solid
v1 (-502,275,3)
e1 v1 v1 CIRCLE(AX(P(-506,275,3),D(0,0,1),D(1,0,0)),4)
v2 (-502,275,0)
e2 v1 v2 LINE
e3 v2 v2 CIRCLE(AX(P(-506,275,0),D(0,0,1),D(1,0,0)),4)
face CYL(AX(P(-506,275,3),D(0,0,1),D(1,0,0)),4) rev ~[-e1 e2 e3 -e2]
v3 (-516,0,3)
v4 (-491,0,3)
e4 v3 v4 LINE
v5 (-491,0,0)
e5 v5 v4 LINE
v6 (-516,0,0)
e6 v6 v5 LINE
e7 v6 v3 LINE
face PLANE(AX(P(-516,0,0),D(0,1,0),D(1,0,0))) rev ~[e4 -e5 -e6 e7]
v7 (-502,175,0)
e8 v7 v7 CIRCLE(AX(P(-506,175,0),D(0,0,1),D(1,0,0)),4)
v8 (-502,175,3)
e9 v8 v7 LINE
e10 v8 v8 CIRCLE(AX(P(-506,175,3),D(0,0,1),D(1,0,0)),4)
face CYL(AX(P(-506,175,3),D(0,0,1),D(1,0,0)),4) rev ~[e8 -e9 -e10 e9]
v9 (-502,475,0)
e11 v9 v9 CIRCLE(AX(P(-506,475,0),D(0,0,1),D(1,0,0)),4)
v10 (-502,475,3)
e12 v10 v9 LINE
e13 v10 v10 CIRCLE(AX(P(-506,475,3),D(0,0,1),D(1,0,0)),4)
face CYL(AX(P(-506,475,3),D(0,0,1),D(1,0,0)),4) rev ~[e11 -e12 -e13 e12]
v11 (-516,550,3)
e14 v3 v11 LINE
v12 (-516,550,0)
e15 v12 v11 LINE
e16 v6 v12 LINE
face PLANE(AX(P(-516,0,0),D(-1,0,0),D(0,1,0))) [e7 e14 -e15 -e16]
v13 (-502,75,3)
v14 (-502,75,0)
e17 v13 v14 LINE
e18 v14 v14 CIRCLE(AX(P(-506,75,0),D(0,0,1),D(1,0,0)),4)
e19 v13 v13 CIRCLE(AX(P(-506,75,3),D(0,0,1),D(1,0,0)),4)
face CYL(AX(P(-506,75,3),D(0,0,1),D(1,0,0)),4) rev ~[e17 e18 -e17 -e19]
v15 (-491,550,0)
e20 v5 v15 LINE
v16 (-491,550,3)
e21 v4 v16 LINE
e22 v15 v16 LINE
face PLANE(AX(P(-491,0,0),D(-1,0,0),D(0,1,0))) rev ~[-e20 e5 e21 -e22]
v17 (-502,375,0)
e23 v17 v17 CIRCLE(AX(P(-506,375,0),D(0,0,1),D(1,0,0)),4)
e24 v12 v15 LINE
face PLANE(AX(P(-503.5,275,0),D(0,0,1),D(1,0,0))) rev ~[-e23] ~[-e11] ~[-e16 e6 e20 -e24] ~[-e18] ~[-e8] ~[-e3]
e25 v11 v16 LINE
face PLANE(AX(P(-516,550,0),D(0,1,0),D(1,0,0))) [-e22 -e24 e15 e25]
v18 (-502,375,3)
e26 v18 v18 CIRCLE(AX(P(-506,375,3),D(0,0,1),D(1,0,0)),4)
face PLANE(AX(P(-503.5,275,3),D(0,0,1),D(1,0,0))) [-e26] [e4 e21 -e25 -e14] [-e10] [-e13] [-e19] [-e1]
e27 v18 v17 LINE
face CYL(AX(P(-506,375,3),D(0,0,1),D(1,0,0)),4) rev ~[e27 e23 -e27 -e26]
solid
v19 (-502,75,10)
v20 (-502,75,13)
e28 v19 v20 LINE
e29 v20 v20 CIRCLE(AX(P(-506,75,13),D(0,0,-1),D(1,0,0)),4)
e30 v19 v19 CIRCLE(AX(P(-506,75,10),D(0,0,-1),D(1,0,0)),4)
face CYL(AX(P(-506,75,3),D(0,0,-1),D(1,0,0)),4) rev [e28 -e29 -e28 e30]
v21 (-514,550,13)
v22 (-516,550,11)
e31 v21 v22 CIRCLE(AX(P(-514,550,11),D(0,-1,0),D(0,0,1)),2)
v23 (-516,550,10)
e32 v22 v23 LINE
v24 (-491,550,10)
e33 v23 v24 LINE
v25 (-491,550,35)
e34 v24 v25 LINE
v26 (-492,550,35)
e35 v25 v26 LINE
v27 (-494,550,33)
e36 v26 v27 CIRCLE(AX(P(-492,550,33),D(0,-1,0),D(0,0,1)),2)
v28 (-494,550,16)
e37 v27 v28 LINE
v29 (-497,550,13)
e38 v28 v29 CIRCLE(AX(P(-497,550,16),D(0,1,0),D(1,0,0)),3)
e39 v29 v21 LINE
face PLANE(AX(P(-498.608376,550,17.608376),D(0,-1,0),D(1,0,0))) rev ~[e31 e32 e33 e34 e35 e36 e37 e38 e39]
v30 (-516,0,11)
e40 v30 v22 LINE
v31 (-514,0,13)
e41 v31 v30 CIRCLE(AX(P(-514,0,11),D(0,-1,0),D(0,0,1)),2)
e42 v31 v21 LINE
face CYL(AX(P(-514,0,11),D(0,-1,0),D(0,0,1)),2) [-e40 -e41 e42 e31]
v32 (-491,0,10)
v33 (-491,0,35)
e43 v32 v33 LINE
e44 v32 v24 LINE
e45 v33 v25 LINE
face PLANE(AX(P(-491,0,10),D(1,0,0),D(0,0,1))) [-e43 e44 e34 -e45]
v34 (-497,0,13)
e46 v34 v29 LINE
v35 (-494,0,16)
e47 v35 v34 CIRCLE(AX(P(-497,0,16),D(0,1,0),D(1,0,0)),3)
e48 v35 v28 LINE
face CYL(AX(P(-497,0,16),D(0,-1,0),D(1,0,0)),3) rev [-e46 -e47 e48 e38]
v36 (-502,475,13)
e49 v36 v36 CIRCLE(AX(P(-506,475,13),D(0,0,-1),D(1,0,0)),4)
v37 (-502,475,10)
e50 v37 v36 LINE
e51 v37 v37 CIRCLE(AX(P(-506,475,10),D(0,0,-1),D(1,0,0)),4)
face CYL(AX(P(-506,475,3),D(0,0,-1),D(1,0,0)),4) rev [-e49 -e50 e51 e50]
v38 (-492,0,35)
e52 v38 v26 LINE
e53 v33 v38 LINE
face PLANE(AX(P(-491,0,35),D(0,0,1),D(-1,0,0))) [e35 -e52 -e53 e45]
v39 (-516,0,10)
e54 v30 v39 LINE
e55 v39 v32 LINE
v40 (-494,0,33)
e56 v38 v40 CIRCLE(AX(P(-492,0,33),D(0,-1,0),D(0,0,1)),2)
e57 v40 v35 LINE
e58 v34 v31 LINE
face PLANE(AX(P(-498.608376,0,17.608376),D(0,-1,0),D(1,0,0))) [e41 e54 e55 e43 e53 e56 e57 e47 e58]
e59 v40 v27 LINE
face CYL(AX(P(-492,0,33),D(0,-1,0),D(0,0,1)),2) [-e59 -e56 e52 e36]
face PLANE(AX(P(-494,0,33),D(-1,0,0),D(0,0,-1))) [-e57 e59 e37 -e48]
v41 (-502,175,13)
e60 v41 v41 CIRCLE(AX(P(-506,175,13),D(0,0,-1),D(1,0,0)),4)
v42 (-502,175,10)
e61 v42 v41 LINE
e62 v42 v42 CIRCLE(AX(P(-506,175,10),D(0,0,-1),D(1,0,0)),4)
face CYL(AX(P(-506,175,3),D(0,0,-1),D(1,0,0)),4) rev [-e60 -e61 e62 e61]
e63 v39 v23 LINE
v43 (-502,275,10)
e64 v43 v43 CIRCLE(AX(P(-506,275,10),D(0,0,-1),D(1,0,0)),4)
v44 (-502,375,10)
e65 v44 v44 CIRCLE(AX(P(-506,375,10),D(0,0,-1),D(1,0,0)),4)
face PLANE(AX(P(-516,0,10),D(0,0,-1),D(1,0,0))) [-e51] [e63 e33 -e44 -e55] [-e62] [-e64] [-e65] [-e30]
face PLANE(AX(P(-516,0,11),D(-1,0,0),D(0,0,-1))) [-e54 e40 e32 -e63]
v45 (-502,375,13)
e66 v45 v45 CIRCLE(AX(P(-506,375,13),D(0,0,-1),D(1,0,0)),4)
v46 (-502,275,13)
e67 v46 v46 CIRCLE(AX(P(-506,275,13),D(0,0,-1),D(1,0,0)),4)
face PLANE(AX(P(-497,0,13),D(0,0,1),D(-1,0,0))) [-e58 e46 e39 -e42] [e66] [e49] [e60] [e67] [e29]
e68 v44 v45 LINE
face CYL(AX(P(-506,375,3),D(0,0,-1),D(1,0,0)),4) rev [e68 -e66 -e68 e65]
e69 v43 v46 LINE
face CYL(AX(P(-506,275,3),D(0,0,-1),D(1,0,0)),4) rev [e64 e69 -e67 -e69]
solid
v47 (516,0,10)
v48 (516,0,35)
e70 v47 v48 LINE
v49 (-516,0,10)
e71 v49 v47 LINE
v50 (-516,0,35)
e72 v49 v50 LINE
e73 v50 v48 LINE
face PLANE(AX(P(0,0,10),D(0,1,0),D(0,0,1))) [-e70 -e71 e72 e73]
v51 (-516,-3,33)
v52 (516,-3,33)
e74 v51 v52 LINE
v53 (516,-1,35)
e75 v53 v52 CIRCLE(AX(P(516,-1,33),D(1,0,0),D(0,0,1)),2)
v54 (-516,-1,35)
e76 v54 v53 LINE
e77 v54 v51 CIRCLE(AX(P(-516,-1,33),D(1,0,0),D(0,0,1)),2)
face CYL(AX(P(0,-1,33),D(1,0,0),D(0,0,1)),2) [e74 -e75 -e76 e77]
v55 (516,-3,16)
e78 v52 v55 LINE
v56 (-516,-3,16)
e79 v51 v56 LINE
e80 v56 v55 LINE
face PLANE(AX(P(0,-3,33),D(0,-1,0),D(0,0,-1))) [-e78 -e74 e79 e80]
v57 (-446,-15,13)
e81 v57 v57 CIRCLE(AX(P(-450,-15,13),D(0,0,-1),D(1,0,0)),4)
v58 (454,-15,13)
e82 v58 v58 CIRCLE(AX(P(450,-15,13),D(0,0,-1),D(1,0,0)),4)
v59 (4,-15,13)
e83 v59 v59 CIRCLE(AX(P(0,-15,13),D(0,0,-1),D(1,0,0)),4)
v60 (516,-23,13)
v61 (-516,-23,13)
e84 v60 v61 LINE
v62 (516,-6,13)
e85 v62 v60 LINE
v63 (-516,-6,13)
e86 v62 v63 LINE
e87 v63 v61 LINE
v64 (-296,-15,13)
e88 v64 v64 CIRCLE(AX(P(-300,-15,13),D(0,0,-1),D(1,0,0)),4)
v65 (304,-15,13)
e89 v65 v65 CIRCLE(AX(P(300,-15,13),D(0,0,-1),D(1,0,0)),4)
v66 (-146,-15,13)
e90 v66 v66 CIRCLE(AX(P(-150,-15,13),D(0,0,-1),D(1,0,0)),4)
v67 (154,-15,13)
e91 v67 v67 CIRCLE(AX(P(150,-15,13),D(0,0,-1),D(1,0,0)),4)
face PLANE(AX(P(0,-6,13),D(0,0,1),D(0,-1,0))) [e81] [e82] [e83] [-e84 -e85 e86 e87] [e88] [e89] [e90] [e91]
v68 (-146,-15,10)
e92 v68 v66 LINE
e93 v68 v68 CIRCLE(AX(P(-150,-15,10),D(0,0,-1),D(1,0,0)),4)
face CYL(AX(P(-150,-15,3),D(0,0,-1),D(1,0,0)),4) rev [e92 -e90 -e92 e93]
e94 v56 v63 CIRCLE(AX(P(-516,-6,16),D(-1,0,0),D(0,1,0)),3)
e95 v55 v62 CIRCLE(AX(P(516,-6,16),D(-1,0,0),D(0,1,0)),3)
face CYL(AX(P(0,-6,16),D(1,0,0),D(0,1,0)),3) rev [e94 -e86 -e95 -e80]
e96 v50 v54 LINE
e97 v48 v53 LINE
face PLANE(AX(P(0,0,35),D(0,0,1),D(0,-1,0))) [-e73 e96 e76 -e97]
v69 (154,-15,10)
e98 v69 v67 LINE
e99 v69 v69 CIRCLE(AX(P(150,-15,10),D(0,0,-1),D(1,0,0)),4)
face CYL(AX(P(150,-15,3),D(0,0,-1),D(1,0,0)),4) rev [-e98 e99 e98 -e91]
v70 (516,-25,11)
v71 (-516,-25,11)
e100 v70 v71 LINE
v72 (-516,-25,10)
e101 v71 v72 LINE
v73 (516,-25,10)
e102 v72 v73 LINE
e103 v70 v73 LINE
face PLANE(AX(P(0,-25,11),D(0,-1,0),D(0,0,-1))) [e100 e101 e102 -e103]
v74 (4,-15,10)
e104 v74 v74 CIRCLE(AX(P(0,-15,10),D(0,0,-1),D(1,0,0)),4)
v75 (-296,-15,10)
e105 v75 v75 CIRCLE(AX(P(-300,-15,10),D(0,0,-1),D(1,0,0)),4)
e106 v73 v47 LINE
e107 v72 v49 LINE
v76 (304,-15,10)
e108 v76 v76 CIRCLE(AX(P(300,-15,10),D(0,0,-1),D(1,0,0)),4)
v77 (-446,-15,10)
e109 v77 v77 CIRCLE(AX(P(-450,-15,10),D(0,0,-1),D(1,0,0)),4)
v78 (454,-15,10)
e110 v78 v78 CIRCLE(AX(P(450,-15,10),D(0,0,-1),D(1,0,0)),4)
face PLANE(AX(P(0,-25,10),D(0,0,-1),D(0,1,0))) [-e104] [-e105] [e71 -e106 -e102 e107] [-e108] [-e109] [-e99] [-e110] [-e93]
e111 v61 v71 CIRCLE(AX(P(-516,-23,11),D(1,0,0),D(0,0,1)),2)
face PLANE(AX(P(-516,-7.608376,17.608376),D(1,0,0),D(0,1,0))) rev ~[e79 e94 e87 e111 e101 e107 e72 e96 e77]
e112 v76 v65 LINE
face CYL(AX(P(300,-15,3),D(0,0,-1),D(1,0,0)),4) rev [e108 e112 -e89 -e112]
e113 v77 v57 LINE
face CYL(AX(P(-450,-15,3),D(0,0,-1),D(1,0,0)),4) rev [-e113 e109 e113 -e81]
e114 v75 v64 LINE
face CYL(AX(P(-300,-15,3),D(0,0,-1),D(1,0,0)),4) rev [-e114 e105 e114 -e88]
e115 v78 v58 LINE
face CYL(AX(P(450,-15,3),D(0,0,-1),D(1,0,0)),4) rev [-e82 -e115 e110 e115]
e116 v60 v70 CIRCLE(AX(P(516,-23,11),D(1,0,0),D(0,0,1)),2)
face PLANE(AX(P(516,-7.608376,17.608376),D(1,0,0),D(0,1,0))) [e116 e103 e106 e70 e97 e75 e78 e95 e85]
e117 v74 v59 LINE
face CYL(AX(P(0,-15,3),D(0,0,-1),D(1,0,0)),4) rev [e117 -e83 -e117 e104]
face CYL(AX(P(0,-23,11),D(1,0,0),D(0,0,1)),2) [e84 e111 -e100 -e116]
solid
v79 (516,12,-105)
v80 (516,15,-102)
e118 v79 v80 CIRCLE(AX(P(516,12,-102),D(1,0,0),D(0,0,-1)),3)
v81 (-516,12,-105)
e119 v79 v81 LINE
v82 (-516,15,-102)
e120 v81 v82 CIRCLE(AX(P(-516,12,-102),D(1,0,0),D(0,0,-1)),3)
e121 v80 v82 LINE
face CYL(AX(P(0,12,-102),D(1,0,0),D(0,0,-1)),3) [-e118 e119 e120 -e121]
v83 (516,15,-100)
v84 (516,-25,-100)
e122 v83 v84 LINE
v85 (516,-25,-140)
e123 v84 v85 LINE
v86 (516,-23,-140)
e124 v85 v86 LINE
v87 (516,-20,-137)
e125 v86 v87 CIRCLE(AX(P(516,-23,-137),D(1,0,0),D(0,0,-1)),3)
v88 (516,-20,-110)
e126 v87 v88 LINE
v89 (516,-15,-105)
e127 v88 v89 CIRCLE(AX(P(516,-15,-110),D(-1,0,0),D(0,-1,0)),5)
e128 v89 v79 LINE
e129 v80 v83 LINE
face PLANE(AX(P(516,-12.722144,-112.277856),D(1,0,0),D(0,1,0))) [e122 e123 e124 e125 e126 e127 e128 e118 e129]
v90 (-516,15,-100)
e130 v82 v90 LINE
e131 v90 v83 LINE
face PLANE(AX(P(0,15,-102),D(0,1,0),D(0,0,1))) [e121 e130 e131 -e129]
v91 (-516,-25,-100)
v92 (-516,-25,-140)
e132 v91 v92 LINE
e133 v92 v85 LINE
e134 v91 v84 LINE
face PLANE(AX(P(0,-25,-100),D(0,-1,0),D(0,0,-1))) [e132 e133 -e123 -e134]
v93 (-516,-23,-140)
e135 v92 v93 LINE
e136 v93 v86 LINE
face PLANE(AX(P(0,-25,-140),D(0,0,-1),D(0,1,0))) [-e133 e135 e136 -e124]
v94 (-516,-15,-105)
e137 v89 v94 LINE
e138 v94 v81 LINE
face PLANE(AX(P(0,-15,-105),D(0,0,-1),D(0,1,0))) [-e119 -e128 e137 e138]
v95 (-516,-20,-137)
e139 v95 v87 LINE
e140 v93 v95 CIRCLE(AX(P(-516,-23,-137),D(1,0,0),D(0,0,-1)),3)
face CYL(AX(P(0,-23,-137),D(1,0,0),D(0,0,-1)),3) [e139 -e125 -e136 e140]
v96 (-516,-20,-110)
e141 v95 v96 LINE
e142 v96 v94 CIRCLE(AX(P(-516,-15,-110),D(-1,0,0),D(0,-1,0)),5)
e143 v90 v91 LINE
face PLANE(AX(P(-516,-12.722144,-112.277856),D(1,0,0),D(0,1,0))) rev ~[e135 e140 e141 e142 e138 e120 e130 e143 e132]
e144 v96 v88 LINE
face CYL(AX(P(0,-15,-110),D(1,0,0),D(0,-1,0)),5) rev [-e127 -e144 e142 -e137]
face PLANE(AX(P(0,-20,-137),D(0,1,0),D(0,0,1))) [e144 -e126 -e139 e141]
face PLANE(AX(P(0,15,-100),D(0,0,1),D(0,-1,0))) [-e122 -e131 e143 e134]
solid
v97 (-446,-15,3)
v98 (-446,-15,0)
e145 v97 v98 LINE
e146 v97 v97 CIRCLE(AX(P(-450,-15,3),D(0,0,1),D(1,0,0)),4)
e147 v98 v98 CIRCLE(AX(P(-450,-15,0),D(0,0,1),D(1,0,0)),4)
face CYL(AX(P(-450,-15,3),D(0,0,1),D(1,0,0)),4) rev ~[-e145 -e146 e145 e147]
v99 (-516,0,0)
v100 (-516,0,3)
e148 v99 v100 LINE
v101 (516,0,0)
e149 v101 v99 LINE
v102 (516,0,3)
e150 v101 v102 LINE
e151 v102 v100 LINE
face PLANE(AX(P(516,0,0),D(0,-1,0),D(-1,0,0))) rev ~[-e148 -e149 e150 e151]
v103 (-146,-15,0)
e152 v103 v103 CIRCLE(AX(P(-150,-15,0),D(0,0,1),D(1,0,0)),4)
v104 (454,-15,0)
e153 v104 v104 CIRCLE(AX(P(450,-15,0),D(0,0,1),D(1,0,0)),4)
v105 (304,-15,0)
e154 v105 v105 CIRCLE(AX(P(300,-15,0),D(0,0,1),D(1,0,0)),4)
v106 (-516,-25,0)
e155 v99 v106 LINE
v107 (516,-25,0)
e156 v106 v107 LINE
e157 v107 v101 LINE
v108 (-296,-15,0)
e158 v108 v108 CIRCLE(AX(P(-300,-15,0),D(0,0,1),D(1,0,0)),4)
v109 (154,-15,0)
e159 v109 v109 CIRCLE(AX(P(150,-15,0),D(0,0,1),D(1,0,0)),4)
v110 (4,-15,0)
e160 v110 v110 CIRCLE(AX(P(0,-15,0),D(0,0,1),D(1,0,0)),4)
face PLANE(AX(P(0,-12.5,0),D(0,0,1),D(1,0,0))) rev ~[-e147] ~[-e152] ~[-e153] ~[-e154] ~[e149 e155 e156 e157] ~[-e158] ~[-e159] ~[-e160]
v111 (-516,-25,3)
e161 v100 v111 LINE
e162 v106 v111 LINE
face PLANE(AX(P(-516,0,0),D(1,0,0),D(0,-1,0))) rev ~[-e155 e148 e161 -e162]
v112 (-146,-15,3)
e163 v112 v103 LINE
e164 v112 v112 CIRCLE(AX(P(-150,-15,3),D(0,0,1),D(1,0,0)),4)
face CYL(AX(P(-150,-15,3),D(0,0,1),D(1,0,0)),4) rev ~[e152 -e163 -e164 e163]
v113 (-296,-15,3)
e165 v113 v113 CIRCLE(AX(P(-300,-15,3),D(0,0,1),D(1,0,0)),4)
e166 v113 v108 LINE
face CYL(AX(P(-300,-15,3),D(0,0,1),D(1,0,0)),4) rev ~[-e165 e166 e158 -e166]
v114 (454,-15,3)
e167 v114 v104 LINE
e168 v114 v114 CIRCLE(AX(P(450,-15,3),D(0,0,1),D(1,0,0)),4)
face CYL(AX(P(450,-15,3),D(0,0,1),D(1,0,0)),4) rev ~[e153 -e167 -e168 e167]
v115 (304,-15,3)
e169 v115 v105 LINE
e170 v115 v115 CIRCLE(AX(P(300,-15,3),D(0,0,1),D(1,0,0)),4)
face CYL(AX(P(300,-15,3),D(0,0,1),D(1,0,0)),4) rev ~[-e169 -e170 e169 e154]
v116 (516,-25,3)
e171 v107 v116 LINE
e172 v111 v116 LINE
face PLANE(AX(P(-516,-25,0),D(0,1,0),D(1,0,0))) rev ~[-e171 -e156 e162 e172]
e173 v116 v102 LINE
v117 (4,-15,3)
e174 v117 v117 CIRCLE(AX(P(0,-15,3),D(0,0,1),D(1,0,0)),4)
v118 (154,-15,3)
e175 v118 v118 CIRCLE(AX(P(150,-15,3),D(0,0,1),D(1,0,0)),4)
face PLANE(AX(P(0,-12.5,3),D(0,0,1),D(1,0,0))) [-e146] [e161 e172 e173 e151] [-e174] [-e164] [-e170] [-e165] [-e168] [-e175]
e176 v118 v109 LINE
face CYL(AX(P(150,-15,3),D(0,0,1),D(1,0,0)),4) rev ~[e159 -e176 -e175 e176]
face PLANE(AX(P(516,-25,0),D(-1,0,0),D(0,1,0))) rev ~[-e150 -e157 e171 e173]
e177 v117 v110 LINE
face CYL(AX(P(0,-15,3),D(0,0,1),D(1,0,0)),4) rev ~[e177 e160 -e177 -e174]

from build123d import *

# Parameters (mm, degrees)
F4_DEPTH  = 3
F2_W      = 25
F2_H      = 550
F5_DEPTH  = 3
F7_DEPTH  = 516
F6_R      = 4
F8_DEPTH  = 3.001
F9_DEPTH  = 32.001
F11_R     = 4
F12_DEPTH = 3.001
F13_DEPTH = 550
F14_DEPTH = 32.001
F16_DEPTH = 516


with BuildPart() as f4:
    # F2 (on Top) → F4 (new body)
    with BuildSketch(Plane.XY):
        Polygon((-491, 0), (-516, 0), (-516, -25), (516, -25), (516, 0), align=None)
    extrude(amount=F4_DEPTH)

    # F6 (on face) → F8 (cut, through all)
    with BuildSketch(Plane.XY.offset(3)):
        with Locations((-450, -15)):
            Circle(F6_R)
        with Locations((-300, -15)):
            Circle(F6_R)
        with Locations((-150, -15)):
            Circle(F6_R)
        with Locations((0, -15)):
            Circle(F6_R)
        with Locations((150, -15)):
            Circle(F6_R)
        with Locations((300, -15)):
            Circle(F6_R)
        with Locations((450, -15)):
            Circle(F6_R)
    extrude(amount=-F8_DEPTH, mode=Mode.SUBTRACT)


with BuildPart() as f5:
    # F2 (on Top) → F5 (new body)
    with BuildSketch(Plane.XY):
        with Locations((-503.5, 275)):
            Rectangle(F2_W, F2_H)
    extrude(amount=F5_DEPTH)

    # F11 (on face) → F12 (cut, through all)
    with BuildSketch(Plane.XY.offset(3)):
        with Locations((-506, 75)):
            Circle(F11_R)
        with Locations((-506, 175)):
            Circle(F11_R)
        with Locations((-506, 275)):
            Circle(F11_R)
        with Locations((-506, 375)):
            Circle(F11_R)
        with Locations((-506, 475)):
            Circle(F11_R)
    extrude(amount=-F12_DEPTH, mode=Mode.SUBTRACT)


with BuildPart() as f7:
    # F3 (on Right) → F7 (new body, symmetric)
    with BuildSketch(Plane.YZ):
        with BuildLine():
            Line((-25, 11), (-25, 10))
            Line((-25, 10), (0, 10))
            Line((0, 10), (0, 35))
            Line((0, 35), (-1, 35))
            ThreePointArc((-1, 35), (-2.4142135624, 34.4142135624), (-3, 33))
            Line((-3, 33), (-3, 16))
            ThreePointArc((-3, 16), (-3.8786796564, 13.8786796564), (-6, 13))
            Line((-6, 13), (-23, 13))
            ThreePointArc((-23, 13), (-24.4142135624, 12.4142135624), (-25, 11))
        make_face()
    extrude(amount=F7_DEPTH, both=True)

    # F6 (on face) → F9 (cut, through all)
    with BuildSketch(Plane.XY.offset(3)):
        with Locations((-450, -15)):
            Circle(F6_R)
        with Locations((-300, -15)):
            Circle(F6_R)
        with Locations((-150, -15)):
            Circle(F6_R)
        with Locations((0, -15)):
            Circle(F6_R)
        with Locations((150, -15)):
            Circle(F6_R)
        with Locations((300, -15)):
            Circle(F6_R)
        with Locations((450, -15)):
            Circle(F6_R)
    extrude(amount=F9_DEPTH, mode=Mode.SUBTRACT)


with BuildPart() as f13:
    # F10 (on Front) → F13 (new body)
    with BuildSketch(Plane.XZ):
        with BuildLine():
            Line((-516, 10), (-491, 10))
            Line((-491, 10), (-491, 35))
            Line((-491, 35), (-492, 35))
            ThreePointArc((-492, 35), (-493.4142135624, 34.4142135624), (-494, 33))
            Line((-494, 33), (-494, 16))
            ThreePointArc((-494, 16), (-494.8786796564, 13.8786796564), (-497, 13))
            Line((-497, 13), (-514, 13))
            ThreePointArc((-514, 13), (-515.4142135624, 12.4142135624), (-516, 11))
            Line((-516, 11), (-516, 10))
        make_face()
    extrude(amount=-F13_DEPTH)

    # F11 (on face) → F14 (cut, through all)
    with BuildSketch(Plane.XY.offset(3)):
        with Locations((-506, 75)):
            Circle(F11_R)
        with Locations((-506, 175)):
            Circle(F11_R)
        with Locations((-506, 275)):
            Circle(F11_R)
        with Locations((-506, 375)):
            Circle(F11_R)
        with Locations((-506, 475)):
            Circle(F11_R)
    extrude(amount=F14_DEPTH, mode=Mode.SUBTRACT)


with BuildPart() as f16:
    # F15 (on Right) → F16 (new body, symmetric)
    with BuildSketch(Plane.YZ):
        with BuildLine():
            Line((15, -102), (15, -100))
            Line((15, -100), (-25, -100))
            Line((-25, -100), (-25, -140))
            Line((-25, -140), (-23, -140))
            ThreePointArc((-23, -140), (-20.8786796564, -139.1213203436), (-20, -137))
            Line((-20, -137), (-20, -110))
            ThreePointArc((-20, -110), (-18.5355339059, -106.4644660941), (-15, -105))
            Line((-15, -105), (12, -105))
            ThreePointArc((12, -105), (14.1213203436, -104.1213203436), (15, -102))
        make_face()
    extrude(amount=F16_DEPTH, both=True)


solid = Compound([f4.part, f5.part, f7.part, f13.part, f16.part])
